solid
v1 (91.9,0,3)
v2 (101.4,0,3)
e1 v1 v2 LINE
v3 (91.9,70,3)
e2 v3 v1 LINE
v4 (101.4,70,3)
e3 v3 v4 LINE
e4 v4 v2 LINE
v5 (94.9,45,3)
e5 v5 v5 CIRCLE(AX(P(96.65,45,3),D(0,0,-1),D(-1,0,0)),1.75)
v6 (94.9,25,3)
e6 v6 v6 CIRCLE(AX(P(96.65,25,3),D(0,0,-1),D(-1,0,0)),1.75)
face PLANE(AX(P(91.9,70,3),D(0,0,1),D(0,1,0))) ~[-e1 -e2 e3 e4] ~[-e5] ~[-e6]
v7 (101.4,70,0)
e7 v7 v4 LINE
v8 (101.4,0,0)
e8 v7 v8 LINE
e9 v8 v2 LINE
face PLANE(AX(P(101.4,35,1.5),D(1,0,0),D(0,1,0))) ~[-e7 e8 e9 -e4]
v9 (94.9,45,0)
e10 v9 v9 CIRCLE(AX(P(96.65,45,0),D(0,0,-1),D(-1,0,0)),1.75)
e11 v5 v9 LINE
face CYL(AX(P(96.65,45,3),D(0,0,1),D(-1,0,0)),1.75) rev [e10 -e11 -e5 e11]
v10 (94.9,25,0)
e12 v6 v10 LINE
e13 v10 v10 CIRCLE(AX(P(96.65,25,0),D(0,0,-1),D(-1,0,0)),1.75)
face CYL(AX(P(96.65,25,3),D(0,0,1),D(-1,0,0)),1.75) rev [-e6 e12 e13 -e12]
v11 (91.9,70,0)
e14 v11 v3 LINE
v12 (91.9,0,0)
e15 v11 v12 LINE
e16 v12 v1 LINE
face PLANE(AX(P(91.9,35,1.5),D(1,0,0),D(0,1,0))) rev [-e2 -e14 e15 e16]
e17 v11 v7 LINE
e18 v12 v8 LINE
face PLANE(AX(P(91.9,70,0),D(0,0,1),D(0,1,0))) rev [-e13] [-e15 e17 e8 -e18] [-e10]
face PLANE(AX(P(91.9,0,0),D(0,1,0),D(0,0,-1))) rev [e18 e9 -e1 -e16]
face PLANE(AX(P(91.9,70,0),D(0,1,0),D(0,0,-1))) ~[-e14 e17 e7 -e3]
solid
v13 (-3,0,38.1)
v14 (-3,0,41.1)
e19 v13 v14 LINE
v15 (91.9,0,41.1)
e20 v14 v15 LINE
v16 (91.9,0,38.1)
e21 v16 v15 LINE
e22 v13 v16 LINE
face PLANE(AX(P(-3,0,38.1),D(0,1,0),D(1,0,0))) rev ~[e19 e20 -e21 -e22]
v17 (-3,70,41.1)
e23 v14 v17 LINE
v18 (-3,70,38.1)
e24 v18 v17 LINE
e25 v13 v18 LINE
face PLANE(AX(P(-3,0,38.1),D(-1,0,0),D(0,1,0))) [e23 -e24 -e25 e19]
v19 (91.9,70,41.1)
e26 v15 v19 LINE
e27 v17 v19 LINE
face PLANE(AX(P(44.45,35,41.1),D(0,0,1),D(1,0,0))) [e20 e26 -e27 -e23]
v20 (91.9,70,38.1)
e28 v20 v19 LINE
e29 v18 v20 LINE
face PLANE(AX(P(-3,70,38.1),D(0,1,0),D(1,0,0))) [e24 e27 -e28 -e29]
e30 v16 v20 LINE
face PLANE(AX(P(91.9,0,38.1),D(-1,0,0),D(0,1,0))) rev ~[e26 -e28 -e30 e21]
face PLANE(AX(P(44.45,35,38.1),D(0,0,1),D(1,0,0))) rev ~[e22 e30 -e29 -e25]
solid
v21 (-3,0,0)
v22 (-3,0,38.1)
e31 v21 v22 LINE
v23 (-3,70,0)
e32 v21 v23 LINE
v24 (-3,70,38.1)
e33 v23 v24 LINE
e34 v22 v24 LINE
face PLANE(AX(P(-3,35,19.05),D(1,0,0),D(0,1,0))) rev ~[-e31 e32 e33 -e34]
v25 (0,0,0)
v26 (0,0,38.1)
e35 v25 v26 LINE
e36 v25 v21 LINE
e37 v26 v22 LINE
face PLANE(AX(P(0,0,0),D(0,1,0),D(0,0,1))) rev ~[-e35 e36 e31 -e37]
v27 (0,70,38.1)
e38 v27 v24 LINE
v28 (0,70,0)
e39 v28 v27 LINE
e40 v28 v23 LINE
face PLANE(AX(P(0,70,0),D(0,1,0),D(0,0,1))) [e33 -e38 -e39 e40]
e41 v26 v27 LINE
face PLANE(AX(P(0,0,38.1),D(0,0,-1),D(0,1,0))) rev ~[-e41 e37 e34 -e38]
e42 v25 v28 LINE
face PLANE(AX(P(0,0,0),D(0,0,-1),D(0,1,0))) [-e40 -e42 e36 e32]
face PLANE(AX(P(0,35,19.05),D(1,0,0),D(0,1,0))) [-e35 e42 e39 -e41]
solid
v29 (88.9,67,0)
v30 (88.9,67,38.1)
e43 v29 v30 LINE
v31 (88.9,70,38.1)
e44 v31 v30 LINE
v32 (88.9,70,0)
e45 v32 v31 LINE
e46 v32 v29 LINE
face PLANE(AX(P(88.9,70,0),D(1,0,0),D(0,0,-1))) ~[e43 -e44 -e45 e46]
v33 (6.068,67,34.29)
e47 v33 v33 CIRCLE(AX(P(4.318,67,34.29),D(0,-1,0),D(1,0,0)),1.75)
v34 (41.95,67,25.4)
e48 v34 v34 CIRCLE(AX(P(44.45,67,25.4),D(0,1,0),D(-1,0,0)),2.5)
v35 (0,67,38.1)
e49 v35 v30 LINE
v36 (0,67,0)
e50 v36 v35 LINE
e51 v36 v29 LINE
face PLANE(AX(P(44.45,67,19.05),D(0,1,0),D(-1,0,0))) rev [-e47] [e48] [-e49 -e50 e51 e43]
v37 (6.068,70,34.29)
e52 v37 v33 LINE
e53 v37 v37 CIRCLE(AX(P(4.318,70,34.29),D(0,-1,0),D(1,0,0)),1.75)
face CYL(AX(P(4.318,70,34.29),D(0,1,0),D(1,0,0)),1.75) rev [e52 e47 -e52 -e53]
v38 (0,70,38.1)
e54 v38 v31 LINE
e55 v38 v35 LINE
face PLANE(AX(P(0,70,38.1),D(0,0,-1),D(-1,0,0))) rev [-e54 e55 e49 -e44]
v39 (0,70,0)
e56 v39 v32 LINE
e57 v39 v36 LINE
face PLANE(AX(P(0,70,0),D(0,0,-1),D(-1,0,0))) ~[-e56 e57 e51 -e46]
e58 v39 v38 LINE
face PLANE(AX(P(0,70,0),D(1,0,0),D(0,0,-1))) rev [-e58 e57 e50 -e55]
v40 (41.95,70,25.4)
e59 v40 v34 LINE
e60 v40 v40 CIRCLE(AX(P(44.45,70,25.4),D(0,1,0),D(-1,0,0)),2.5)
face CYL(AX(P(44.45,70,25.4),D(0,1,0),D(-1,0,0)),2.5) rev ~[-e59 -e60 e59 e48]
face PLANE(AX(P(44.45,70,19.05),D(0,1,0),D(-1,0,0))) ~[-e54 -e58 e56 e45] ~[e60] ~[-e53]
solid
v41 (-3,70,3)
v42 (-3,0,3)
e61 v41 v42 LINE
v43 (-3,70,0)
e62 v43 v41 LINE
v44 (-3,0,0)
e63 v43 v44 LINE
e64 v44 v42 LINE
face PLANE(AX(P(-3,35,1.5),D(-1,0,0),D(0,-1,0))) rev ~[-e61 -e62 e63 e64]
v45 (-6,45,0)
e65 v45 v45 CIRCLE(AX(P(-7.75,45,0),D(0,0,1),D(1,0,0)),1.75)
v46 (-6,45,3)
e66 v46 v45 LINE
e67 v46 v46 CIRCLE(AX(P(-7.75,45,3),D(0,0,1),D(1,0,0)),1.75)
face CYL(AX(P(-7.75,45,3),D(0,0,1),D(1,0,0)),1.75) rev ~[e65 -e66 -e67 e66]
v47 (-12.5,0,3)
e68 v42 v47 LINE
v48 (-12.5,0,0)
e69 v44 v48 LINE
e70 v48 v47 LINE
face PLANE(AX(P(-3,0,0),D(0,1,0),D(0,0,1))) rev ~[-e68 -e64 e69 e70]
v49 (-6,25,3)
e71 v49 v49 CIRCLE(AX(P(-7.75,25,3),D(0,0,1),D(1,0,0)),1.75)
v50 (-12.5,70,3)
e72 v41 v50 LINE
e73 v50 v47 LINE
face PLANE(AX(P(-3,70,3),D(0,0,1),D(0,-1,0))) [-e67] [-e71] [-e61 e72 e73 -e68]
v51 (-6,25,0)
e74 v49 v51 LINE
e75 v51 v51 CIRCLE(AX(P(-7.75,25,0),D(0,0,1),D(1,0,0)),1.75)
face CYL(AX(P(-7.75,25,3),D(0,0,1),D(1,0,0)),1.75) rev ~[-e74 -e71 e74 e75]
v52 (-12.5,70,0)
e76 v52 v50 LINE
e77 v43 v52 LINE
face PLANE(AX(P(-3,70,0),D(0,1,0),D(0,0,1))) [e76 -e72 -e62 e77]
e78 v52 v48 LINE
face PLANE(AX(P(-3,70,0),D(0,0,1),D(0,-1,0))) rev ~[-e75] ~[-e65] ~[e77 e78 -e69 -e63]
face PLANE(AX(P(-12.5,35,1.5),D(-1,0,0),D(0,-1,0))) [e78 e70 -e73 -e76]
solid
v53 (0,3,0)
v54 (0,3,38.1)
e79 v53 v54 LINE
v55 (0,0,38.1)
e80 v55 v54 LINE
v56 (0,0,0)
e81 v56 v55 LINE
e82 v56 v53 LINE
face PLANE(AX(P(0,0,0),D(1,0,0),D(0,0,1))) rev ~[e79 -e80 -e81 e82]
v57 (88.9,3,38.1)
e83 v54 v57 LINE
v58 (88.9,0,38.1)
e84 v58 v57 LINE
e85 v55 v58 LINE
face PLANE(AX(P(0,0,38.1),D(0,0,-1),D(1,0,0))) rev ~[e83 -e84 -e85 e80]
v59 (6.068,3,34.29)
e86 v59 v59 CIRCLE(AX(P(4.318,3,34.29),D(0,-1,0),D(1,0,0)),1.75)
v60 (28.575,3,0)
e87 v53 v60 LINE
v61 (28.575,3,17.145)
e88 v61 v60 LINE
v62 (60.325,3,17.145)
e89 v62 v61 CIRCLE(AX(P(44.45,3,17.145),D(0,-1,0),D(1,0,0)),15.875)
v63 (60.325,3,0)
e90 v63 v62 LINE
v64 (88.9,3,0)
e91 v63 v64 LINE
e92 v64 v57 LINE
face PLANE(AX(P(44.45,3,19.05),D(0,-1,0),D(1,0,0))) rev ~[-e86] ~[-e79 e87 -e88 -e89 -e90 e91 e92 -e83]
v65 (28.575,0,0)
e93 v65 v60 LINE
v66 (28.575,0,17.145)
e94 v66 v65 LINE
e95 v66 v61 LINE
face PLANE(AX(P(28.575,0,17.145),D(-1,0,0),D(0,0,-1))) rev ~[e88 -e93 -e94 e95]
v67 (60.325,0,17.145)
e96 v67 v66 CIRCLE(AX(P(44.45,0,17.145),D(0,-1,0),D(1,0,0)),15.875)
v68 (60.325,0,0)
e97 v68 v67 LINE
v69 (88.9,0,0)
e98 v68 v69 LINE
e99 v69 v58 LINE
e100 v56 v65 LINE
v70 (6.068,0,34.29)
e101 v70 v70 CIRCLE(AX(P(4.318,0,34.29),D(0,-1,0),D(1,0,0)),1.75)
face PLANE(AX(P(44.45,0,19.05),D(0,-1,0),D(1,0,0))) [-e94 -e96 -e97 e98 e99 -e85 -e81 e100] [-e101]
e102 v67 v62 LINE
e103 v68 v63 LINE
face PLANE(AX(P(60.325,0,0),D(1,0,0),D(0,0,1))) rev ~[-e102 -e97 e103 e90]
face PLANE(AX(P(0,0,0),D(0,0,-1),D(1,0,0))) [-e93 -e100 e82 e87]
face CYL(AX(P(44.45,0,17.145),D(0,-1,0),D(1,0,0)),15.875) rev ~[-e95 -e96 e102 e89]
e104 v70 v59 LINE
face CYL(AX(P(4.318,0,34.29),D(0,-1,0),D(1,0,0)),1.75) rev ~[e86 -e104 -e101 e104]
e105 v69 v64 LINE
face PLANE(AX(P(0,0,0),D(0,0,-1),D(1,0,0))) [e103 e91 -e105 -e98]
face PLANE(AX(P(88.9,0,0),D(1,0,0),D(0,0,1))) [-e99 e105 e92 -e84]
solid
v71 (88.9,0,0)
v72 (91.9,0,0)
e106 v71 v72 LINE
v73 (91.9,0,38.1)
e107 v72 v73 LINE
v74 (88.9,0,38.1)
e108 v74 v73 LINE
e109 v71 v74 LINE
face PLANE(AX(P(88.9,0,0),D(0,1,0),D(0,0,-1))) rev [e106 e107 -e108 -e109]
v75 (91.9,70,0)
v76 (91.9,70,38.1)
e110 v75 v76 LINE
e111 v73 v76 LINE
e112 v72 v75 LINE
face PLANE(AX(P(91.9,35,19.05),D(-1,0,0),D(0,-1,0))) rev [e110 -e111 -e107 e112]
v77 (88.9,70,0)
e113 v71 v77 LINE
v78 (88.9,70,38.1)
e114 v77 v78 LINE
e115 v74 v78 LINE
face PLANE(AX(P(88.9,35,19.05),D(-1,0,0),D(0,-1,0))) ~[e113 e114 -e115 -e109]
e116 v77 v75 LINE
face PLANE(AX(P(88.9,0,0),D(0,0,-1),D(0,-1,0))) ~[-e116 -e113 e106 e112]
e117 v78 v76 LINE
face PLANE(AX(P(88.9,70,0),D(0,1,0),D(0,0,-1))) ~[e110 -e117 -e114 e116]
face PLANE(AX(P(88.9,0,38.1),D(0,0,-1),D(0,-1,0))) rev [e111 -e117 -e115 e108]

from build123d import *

# Parameters (mm, degrees)
F3_W      = 88.9
F3_H      = 38.1
F4_DEPTH  = 3
F5_R      = 1.75
F6_DEPTH  = 3
F10_W     = 70
F10_H     = 38.1
F11_DEPTH = 3
F13_W     = 94.9
F13_H     = 70
F14_DEPTH = 3
F15_W     = 70
F15_H     = 3
F16_DEPTH = 9.5
F18_R     = 1.75
F19_DEPTH = 3.001
F22_DEPTH = 3
F23_R     = 2.5
F24_DEPTH = 3


with BuildPart() as f4:
    # F3 (on Front) → F4 (new body)
    with BuildSketch(Plane.XZ):
        with Locations((44.45, 19.05)):
            Rectangle(F3_W, F3_H)
    extrude(amount=-F4_DEPTH)

    # F5 (on face) → F6 (cut, through all)
    with BuildSketch(Plane.XZ):
        with Locations((4.318, 34.29)):
            Circle(F5_R)
    extrude(amount=-F6_DEPTH, mode=Mode.SUBTRACT)


with BuildPart() as f8_1:
    # F8: instance of F4
    add(f4.part.mirror(Plane.XZ.offset(-35)))

    # F23 (on face) → F24 (cut, through all)
    with BuildSketch(Plane(origin=(0, 70, 0), x_dir=(-1, 0, 0), z_dir=(0, 1, 0))):
        with Locations((-44.45, 25.4)):
            Circle(F23_R)
    extrude(amount=-F24_DEPTH, mode=Mode.SUBTRACT)


with BuildPart() as f11:
    # F10 (on plane+point) → F11 (new body)
    with BuildSketch(Plane.YZ):
        with Locations((35, 19.05)):
            Rectangle(F10_W, F10_H)
    extrude(amount=-F11_DEPTH)


with BuildPart() as f14:
    # F13 (on plane+point) → F14 (new body)
    with BuildSketch(Plane.XY.offset(38.1)):
        with Locations((44.45, 35)):
            Rectangle(F13_W, F13_H)
    extrude(amount=F14_DEPTH)


with BuildPart() as f16:
    # F15 (on face) → F16 (new body)
    with BuildSketch(Plane(origin=(-3, 0, 0), x_dir=(0, -1, 0), z_dir=(-1, 0, 0))):
        with Locations((-35, 1.5)):
            Rectangle(F15_W, F15_H)
    extrude(amount=F16_DEPTH)

    # F18 (on face) → F19 (cut, through all)
    with BuildSketch(Plane.XY.offset(3)):
        with Locations((-7.75, 45)):
            Circle(F18_R)
        with Locations((-7.75, 25)):
            Circle(F18_R)
    extrude(amount=-F19_DEPTH, mode=Mode.SUBTRACT)


with BuildPart() as f20_1:
    # F20: instance of F16
    add(f16.part.mirror(Plane(origin=(44.45, 0.75, 9.525), x_dir=(0, 1, 0), z_dir=(1, 0, 0))))


with BuildPart() as f20_2:
    # F20: instance of F11
    add(f11.part.mirror(Plane(origin=(44.45, 0.75, 9.525), x_dir=(0, 1, 0), z_dir=(1, 0, 0))))


with BuildPart() as f4_1:
    add(f4.part)

    # F21 (on face) → F22 (cut, through all)
    with BuildSketch(Plane.XZ):
        with BuildLine():
            Line((60.325, 0), (60.325, 17.145))
            ThreePointArc((60.325, 17.145), (44.45, 33.02), (28.575, 17.145))
            Line((28.575, 17.145), (28.575, 0))
            Line((28.575, 0), (60.325, 0))
        make_face()
    extrude(amount=-F22_DEPTH, mode=Mode.SUBTRACT)


solid = Compound([f8_1.part, f11.part, f14.part, f16.part, f20_1.part, f20_2.part, f4_1.part])
